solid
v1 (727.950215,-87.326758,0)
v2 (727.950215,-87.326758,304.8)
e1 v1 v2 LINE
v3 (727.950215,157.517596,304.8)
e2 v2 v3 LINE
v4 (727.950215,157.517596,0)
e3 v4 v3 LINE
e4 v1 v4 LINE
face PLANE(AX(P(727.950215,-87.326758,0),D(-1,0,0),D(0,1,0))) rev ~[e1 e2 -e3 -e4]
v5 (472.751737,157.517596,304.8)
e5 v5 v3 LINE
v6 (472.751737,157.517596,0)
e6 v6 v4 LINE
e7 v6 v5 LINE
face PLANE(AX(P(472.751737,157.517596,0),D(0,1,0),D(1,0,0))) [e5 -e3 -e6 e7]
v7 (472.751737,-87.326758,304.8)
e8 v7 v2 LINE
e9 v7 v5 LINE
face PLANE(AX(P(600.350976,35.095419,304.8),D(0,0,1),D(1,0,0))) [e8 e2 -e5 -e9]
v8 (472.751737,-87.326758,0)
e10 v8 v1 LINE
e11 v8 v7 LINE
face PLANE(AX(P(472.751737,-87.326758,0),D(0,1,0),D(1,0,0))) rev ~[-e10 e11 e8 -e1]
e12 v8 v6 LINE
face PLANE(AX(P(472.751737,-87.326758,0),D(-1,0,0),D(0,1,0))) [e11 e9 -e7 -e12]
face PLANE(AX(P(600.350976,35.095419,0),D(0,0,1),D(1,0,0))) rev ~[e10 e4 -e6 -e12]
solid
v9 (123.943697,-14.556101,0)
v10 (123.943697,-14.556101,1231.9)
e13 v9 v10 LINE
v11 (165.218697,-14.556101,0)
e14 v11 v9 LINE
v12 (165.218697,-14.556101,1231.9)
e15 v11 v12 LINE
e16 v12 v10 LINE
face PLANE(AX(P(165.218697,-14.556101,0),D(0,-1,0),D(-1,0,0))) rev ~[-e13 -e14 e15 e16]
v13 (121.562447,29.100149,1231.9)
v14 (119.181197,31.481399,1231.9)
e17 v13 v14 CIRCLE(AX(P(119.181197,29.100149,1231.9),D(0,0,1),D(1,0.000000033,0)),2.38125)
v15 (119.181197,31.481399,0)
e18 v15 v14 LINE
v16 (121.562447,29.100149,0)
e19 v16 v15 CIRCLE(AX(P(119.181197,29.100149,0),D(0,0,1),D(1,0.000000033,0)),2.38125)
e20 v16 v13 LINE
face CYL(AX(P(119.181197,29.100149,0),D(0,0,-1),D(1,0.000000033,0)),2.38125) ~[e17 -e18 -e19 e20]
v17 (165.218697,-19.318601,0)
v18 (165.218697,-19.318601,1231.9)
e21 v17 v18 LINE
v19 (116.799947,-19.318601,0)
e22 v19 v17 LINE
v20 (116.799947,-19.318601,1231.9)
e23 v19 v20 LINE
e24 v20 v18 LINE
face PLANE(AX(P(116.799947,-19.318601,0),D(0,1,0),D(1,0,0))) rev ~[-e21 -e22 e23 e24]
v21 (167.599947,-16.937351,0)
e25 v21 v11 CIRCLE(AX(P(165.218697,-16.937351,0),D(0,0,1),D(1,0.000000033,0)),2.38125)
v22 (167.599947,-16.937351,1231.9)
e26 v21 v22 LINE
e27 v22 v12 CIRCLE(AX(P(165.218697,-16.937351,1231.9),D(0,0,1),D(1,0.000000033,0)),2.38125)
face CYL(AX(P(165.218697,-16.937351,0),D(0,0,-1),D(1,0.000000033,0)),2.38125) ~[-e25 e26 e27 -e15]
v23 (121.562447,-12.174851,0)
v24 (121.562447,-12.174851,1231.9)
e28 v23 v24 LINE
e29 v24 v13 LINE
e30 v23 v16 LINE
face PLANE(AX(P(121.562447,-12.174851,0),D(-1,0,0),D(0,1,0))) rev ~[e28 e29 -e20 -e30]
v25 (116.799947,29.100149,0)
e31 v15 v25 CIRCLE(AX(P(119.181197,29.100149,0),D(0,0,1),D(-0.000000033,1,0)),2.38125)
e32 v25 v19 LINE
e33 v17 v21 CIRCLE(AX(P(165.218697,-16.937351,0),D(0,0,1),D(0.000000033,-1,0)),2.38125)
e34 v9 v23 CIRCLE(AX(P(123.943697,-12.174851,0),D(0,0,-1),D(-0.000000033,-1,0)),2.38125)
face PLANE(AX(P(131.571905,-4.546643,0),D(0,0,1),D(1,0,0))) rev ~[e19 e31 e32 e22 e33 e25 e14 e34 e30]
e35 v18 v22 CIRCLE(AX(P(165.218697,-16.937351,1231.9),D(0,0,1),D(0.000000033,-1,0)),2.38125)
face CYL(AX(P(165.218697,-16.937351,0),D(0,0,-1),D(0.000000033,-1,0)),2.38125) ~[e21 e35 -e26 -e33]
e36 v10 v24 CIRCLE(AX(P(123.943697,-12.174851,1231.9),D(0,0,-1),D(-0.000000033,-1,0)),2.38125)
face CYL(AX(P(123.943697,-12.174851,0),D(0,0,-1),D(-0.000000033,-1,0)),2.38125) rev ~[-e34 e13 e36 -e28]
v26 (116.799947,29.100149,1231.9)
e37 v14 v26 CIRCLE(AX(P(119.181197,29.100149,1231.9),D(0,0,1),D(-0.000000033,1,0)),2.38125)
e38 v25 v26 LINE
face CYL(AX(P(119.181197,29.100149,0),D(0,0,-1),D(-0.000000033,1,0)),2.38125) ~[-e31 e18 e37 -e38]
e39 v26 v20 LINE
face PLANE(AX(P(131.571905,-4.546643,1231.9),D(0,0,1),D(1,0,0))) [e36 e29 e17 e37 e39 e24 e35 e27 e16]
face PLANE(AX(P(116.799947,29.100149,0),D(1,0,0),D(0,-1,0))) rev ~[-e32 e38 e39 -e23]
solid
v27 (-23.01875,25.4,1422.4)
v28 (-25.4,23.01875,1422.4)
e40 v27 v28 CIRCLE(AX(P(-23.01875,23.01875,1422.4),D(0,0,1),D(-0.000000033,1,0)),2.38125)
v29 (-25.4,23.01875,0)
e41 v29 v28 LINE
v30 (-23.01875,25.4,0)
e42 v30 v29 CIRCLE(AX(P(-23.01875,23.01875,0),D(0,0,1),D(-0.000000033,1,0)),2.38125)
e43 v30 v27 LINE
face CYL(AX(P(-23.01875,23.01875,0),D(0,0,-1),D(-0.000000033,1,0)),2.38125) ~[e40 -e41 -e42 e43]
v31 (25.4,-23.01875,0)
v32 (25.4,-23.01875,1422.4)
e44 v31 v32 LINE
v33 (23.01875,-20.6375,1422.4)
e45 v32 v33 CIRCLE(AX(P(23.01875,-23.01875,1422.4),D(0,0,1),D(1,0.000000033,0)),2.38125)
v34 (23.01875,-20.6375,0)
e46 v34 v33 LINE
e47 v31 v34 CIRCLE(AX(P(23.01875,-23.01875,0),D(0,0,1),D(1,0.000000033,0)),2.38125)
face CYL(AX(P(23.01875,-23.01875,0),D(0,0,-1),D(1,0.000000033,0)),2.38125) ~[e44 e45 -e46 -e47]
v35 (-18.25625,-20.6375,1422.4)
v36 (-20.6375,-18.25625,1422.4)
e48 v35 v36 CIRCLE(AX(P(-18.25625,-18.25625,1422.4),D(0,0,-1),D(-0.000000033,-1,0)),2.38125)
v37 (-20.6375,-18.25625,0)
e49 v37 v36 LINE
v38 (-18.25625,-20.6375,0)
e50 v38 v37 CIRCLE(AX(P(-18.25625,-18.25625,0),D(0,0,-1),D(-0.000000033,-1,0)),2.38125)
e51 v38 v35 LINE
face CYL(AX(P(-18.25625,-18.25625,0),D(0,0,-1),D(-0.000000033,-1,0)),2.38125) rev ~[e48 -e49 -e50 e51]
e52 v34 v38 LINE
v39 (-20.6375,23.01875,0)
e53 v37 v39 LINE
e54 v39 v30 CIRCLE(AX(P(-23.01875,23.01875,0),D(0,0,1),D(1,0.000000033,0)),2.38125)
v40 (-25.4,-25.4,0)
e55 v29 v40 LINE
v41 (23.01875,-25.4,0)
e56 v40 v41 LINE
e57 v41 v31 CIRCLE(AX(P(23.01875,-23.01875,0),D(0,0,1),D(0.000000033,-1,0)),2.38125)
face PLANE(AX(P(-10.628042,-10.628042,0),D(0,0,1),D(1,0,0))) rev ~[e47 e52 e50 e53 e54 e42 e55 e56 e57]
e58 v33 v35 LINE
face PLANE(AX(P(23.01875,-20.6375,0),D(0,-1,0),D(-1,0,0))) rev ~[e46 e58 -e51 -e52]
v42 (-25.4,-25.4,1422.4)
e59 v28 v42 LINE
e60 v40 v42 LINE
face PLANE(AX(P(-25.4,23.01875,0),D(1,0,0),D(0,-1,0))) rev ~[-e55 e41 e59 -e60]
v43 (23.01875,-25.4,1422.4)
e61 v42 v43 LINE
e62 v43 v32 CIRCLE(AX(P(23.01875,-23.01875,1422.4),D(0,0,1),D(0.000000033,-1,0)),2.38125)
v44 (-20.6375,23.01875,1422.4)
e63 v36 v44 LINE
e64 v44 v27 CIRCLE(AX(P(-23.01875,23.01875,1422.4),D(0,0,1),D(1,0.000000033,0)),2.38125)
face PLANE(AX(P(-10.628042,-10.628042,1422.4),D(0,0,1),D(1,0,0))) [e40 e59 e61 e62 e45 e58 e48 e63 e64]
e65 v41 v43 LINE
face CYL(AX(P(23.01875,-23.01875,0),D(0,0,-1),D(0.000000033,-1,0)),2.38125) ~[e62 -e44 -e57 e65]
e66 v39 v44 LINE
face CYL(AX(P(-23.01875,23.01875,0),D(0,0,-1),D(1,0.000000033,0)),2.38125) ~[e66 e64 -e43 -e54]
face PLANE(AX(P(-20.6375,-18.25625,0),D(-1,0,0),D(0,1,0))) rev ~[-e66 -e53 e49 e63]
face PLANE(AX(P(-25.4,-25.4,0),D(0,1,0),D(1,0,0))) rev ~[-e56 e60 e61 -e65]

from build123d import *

# Parameters (mm, degrees)
F1_DEPTH = 1422.4
F2_DEPTH = 1231.9
F0_W     = 255.198478
F0_H     = 244.844355
F3_DEPTH = 304.8


with BuildPart() as f1:
    # F0 (on Top) → F1 (new body)
    with BuildSketch(Plane.XY):
        with BuildLine():
            Line((-25.4, 23.01875), (-25.4, -25.4))
            Line((-25.4, -25.4), (23.01875, -25.4))
            ThreePointArc((23.01875, -25.4), (24.702548, -24.702548), (25.4, -23.01875))
            ThreePointArc((25.4, -23.01875), (24.702548, -21.334952), (23.01875, -20.6375))
            Line((23.01875, -20.6375), (-18.25625, -20.6375))
            ThreePointArc((-18.25625, -20.6375), (-19.940048, -19.940048), (-20.6375, -18.25625))
            Line((-20.6375, -18.25625), (-20.6375, 23.01875))
            ThreePointArc((-20.6375, 23.01875), (-21.334952, 24.702548), (-23.01875, 25.4))
            ThreePointArc((-23.01875, 25.4), (-24.702548, 24.702548), (-25.4, 23.01875))
        make_face()
    extrude(amount=F1_DEPTH)


with BuildPart() as f2:
    # F0 (on Top) → F2 (new body)
    with BuildSketch(Plane.XY):
        with BuildLine():
            Line((116.799947, 29.100149), (116.799947, -19.318601))
            Line((116.799947, -19.318601), (165.218697, -19.318601))
            ThreePointArc((165.218697, -19.318601), (166.902495, -18.621149), (167.599947, -16.937351))
            ThreePointArc((167.599947, -16.937351), (166.902495, -15.253553), (165.218697, -14.556101))
            Line((165.218697, -14.556101), (123.943697, -14.556101))
            ThreePointArc((123.943697, -14.556101), (122.259899, -13.858649), (121.562447, -12.174851))
            Line((121.562447, -12.174851), (121.562447, 29.100149))
            ThreePointArc((121.562447, 29.100149), (120.864995, 30.783947), (119.181197, 31.481399))
            ThreePointArc((119.181197, 31.481399), (117.497399, 30.783947), (116.799947, 29.100149))
        make_face()
    extrude(amount=F2_DEPTH)


with BuildPart() as f3:
    # F0 (on Top) → F3 (new body)
    with BuildSketch(Plane.XY):
        with Locations((600.350976, 35.095419)):
            Rectangle(F0_W, F0_H)
    extrude(amount=F3_DEPTH)


solid = Compound([f1.part, f2.part, f3.part])
